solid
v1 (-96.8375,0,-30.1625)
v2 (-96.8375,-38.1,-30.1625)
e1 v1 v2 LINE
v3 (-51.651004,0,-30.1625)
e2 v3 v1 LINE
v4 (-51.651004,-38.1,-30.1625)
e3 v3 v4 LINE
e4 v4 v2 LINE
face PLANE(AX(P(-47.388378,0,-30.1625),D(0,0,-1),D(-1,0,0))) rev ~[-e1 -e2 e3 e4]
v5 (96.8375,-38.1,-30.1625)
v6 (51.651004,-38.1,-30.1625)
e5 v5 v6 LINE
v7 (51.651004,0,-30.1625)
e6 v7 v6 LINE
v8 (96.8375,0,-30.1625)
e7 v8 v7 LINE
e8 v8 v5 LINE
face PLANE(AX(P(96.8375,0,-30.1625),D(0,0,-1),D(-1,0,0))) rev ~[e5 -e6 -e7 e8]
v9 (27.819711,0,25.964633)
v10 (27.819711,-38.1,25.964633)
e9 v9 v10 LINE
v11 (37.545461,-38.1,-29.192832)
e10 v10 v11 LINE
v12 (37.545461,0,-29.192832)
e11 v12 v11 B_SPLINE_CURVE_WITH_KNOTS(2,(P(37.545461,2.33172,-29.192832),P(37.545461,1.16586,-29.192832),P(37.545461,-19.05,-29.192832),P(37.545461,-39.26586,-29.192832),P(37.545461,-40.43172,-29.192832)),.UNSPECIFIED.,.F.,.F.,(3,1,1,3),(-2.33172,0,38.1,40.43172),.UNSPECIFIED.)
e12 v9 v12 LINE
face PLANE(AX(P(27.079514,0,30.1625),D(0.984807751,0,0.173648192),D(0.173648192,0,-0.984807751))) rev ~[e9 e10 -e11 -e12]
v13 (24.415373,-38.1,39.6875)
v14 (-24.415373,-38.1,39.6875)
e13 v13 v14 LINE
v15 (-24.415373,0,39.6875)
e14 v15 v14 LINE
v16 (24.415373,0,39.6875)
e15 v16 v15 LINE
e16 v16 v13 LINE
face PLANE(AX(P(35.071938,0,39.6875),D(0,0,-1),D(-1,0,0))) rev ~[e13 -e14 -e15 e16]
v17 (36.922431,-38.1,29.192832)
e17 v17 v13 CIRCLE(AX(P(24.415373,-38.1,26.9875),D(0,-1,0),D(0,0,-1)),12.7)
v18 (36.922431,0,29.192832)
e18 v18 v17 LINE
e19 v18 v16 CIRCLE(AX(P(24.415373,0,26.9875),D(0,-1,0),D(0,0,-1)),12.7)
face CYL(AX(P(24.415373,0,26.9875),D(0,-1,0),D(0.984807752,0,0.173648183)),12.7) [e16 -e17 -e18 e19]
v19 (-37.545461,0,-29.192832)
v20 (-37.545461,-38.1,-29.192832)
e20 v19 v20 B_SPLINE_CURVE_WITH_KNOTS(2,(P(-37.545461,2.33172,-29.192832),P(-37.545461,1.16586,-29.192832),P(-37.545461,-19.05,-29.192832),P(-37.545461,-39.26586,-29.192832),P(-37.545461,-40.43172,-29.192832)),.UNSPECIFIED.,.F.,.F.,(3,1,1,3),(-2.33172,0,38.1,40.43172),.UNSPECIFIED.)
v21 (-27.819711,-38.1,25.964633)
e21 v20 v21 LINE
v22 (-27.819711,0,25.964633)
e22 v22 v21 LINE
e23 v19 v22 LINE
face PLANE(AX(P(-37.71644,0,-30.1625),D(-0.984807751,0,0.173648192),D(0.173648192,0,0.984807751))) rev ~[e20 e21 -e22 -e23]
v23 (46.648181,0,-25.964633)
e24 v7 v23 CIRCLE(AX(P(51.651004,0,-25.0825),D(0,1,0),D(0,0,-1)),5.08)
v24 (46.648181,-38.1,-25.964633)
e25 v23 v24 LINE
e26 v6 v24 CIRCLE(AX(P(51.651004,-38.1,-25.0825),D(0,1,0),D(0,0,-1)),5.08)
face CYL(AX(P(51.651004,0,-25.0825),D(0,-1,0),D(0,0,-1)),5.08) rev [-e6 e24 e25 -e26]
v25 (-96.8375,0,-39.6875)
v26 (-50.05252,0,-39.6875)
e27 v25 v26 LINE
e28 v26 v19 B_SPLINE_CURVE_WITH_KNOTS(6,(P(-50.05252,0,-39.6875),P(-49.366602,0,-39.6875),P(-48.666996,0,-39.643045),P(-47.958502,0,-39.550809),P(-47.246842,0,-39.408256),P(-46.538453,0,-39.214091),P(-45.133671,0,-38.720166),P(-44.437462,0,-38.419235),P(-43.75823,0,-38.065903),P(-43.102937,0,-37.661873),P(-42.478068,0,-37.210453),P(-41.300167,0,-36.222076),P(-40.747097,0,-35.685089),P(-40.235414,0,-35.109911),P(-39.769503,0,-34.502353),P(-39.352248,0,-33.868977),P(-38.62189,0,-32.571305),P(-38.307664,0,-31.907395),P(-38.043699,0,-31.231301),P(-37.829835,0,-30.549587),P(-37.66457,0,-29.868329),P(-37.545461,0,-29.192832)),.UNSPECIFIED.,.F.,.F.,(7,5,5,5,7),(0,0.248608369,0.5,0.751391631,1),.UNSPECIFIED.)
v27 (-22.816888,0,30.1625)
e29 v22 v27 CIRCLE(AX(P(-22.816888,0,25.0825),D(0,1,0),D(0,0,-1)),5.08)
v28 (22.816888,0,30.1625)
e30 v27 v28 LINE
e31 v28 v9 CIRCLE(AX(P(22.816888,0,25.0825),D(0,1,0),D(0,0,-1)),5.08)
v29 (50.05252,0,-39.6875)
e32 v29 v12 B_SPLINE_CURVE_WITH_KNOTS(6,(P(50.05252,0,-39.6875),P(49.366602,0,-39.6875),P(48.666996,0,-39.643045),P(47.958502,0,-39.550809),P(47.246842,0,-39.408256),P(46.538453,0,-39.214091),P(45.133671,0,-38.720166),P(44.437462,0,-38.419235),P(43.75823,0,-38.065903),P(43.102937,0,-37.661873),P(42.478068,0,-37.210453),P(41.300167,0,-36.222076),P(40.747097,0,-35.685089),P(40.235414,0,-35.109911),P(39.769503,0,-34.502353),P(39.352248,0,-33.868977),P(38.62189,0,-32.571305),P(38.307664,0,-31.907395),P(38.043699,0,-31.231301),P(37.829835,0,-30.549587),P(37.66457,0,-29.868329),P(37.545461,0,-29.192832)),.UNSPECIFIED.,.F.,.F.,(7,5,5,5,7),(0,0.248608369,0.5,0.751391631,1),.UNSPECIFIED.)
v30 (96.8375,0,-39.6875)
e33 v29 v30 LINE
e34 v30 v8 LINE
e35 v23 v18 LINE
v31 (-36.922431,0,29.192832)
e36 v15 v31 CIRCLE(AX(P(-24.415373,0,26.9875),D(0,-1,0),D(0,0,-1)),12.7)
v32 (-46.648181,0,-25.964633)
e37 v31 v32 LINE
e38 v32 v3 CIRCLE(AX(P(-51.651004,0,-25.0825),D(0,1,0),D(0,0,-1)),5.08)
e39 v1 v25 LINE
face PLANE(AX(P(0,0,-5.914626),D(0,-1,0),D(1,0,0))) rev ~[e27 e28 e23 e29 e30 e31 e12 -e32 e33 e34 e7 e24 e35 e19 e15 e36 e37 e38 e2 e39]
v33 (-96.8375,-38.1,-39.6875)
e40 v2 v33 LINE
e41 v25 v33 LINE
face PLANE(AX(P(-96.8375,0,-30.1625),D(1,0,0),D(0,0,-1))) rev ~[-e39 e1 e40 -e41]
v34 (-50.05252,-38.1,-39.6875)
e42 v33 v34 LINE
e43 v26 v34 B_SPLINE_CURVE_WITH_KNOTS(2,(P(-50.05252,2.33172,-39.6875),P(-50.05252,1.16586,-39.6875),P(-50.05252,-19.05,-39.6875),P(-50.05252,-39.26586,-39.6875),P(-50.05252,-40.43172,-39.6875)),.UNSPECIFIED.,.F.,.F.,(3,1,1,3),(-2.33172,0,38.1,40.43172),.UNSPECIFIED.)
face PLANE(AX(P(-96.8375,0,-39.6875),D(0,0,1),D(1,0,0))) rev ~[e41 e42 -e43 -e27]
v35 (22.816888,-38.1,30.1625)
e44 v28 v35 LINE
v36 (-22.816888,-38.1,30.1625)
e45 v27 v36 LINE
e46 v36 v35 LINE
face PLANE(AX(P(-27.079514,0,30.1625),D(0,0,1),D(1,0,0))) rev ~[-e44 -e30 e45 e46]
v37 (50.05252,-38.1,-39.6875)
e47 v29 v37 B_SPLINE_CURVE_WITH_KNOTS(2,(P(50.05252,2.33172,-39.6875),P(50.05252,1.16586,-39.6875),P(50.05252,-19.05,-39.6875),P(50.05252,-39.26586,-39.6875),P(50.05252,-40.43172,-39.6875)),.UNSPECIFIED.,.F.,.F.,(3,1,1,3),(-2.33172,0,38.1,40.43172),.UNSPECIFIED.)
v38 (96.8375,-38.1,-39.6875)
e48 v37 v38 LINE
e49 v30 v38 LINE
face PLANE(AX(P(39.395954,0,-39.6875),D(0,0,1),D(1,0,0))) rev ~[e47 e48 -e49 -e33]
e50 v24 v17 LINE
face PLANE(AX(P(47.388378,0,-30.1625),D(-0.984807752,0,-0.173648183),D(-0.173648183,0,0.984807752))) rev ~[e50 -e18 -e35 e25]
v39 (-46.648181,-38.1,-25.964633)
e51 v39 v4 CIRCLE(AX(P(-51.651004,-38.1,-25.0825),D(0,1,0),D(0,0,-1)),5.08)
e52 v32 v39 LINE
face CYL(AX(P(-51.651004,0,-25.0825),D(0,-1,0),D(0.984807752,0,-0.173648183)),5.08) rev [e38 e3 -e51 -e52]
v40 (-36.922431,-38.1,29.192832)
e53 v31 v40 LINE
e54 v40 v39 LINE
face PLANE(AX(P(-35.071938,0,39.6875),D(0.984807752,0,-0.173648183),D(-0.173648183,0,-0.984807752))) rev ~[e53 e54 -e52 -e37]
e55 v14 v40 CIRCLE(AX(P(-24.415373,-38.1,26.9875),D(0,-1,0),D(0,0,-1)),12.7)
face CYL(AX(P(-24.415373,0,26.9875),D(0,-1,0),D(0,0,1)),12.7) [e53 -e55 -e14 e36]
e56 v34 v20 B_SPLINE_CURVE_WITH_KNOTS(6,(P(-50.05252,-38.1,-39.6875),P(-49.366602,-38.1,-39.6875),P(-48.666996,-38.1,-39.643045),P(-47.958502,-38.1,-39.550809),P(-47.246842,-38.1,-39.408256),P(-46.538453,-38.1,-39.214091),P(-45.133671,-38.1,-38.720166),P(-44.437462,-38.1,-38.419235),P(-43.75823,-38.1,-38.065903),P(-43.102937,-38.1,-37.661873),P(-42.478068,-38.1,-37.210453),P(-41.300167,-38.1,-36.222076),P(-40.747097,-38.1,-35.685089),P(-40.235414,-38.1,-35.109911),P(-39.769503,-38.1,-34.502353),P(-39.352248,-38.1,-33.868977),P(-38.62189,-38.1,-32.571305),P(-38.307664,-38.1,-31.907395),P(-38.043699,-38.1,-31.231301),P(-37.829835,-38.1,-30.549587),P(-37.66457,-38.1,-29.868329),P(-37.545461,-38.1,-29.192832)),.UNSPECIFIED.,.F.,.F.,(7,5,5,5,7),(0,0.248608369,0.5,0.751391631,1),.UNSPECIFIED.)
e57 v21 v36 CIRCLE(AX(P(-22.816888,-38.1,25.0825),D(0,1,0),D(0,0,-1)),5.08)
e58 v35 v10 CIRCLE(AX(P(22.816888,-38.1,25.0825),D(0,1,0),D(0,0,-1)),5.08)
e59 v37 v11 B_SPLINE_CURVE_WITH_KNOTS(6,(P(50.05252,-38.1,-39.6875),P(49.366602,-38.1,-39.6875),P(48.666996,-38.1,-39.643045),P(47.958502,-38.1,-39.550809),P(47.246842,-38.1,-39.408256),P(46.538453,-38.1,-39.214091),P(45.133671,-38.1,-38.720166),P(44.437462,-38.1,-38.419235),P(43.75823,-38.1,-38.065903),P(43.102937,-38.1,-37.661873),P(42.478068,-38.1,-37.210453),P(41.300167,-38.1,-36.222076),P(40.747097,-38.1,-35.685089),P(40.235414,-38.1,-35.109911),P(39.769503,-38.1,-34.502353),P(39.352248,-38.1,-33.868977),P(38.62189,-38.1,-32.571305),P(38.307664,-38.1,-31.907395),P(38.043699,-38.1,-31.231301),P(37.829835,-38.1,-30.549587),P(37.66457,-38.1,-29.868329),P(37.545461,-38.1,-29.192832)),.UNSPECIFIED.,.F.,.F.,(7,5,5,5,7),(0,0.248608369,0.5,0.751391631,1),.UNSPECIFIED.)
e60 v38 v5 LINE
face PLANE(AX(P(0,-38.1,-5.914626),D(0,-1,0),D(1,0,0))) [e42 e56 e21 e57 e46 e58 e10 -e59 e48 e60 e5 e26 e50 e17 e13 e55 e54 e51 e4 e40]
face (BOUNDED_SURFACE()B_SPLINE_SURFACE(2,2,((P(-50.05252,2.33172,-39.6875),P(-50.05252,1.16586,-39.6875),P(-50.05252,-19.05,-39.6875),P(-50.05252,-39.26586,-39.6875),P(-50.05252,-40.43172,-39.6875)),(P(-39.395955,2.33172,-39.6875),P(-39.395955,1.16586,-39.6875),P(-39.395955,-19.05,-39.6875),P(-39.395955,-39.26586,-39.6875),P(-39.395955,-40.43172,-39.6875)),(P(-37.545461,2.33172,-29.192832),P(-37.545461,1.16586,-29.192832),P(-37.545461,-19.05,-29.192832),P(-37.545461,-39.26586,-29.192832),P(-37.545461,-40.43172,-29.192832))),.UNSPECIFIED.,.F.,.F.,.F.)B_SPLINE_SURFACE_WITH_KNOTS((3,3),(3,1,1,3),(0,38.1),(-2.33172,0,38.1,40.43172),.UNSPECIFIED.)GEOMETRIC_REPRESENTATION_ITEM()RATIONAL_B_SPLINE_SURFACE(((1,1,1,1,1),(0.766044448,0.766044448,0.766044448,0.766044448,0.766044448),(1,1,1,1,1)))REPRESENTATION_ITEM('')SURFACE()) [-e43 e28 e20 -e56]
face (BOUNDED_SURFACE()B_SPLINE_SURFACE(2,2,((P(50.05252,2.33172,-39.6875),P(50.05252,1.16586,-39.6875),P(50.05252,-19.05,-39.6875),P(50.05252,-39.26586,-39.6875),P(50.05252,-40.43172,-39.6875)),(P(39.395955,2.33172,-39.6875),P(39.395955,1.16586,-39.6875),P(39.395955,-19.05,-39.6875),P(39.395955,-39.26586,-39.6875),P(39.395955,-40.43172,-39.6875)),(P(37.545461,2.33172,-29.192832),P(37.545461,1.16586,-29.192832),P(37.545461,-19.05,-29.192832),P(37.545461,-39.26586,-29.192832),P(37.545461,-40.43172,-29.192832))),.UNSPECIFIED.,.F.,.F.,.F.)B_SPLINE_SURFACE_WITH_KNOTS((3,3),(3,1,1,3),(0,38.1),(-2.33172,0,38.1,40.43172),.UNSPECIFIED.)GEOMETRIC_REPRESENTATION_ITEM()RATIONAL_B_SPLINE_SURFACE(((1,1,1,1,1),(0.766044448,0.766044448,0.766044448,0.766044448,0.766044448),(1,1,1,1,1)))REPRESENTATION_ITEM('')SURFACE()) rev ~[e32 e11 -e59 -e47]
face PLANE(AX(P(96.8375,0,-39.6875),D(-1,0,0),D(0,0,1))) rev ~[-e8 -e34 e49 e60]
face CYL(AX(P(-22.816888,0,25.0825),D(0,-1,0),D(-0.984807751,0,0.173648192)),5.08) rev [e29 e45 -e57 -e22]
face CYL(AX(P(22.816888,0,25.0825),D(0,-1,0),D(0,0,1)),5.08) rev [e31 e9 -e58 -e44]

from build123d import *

# Parameters (mm, degrees)
F1_DEPTH = 38.1
F2_R     = 5.08
F3_R     = 12.7


with BuildPart() as f1:
    # F0 (on Front) → F1 (new body)
    with BuildSketch(Plane.XZ):
        Polygon((39.395954, -39.6875), (96.8375, -39.6875), (96.8375, -30.1625), (47.388378, -30.1625), (35.071938, 39.6875), (-35.071938, 39.6875), (-47.388378, -30.1625), (-96.8375, -30.1625), (-96.8375, -39.6875), (-39.395954, -39.6875), (-37.71644, -30.1625), (-27.079514, 30.1625), (27.079514, 30.1625), (37.71644, -30.1625), align=None)
    extrude(amount=F1_DEPTH)

    # F2
    f2_edges = [f1.edges().sort_by_distance(p)[0] for p in [
        (-27.079514, -19.05, 30.1625),
        (27.079514, -19.05, 30.1625),
        (47.388378, -19.05, -30.1625),
        (-47.388378, -19.05, -30.1625),
    ]]
    fillet(f2_edges, radius=F2_R)

    # F3
    f3_edges = [f1.edges().sort_by_distance(p)[0] for p in [
        (-39.395954, -19.05, -39.6875),
        (39.395954, -19.05, -39.6875),
        (35.071938, -19.05, 39.6875),
        (-35.071938, -19.05, 39.6875),
    ]]
    fillet(f3_edges, radius=F3_R)


solid = f1.part
